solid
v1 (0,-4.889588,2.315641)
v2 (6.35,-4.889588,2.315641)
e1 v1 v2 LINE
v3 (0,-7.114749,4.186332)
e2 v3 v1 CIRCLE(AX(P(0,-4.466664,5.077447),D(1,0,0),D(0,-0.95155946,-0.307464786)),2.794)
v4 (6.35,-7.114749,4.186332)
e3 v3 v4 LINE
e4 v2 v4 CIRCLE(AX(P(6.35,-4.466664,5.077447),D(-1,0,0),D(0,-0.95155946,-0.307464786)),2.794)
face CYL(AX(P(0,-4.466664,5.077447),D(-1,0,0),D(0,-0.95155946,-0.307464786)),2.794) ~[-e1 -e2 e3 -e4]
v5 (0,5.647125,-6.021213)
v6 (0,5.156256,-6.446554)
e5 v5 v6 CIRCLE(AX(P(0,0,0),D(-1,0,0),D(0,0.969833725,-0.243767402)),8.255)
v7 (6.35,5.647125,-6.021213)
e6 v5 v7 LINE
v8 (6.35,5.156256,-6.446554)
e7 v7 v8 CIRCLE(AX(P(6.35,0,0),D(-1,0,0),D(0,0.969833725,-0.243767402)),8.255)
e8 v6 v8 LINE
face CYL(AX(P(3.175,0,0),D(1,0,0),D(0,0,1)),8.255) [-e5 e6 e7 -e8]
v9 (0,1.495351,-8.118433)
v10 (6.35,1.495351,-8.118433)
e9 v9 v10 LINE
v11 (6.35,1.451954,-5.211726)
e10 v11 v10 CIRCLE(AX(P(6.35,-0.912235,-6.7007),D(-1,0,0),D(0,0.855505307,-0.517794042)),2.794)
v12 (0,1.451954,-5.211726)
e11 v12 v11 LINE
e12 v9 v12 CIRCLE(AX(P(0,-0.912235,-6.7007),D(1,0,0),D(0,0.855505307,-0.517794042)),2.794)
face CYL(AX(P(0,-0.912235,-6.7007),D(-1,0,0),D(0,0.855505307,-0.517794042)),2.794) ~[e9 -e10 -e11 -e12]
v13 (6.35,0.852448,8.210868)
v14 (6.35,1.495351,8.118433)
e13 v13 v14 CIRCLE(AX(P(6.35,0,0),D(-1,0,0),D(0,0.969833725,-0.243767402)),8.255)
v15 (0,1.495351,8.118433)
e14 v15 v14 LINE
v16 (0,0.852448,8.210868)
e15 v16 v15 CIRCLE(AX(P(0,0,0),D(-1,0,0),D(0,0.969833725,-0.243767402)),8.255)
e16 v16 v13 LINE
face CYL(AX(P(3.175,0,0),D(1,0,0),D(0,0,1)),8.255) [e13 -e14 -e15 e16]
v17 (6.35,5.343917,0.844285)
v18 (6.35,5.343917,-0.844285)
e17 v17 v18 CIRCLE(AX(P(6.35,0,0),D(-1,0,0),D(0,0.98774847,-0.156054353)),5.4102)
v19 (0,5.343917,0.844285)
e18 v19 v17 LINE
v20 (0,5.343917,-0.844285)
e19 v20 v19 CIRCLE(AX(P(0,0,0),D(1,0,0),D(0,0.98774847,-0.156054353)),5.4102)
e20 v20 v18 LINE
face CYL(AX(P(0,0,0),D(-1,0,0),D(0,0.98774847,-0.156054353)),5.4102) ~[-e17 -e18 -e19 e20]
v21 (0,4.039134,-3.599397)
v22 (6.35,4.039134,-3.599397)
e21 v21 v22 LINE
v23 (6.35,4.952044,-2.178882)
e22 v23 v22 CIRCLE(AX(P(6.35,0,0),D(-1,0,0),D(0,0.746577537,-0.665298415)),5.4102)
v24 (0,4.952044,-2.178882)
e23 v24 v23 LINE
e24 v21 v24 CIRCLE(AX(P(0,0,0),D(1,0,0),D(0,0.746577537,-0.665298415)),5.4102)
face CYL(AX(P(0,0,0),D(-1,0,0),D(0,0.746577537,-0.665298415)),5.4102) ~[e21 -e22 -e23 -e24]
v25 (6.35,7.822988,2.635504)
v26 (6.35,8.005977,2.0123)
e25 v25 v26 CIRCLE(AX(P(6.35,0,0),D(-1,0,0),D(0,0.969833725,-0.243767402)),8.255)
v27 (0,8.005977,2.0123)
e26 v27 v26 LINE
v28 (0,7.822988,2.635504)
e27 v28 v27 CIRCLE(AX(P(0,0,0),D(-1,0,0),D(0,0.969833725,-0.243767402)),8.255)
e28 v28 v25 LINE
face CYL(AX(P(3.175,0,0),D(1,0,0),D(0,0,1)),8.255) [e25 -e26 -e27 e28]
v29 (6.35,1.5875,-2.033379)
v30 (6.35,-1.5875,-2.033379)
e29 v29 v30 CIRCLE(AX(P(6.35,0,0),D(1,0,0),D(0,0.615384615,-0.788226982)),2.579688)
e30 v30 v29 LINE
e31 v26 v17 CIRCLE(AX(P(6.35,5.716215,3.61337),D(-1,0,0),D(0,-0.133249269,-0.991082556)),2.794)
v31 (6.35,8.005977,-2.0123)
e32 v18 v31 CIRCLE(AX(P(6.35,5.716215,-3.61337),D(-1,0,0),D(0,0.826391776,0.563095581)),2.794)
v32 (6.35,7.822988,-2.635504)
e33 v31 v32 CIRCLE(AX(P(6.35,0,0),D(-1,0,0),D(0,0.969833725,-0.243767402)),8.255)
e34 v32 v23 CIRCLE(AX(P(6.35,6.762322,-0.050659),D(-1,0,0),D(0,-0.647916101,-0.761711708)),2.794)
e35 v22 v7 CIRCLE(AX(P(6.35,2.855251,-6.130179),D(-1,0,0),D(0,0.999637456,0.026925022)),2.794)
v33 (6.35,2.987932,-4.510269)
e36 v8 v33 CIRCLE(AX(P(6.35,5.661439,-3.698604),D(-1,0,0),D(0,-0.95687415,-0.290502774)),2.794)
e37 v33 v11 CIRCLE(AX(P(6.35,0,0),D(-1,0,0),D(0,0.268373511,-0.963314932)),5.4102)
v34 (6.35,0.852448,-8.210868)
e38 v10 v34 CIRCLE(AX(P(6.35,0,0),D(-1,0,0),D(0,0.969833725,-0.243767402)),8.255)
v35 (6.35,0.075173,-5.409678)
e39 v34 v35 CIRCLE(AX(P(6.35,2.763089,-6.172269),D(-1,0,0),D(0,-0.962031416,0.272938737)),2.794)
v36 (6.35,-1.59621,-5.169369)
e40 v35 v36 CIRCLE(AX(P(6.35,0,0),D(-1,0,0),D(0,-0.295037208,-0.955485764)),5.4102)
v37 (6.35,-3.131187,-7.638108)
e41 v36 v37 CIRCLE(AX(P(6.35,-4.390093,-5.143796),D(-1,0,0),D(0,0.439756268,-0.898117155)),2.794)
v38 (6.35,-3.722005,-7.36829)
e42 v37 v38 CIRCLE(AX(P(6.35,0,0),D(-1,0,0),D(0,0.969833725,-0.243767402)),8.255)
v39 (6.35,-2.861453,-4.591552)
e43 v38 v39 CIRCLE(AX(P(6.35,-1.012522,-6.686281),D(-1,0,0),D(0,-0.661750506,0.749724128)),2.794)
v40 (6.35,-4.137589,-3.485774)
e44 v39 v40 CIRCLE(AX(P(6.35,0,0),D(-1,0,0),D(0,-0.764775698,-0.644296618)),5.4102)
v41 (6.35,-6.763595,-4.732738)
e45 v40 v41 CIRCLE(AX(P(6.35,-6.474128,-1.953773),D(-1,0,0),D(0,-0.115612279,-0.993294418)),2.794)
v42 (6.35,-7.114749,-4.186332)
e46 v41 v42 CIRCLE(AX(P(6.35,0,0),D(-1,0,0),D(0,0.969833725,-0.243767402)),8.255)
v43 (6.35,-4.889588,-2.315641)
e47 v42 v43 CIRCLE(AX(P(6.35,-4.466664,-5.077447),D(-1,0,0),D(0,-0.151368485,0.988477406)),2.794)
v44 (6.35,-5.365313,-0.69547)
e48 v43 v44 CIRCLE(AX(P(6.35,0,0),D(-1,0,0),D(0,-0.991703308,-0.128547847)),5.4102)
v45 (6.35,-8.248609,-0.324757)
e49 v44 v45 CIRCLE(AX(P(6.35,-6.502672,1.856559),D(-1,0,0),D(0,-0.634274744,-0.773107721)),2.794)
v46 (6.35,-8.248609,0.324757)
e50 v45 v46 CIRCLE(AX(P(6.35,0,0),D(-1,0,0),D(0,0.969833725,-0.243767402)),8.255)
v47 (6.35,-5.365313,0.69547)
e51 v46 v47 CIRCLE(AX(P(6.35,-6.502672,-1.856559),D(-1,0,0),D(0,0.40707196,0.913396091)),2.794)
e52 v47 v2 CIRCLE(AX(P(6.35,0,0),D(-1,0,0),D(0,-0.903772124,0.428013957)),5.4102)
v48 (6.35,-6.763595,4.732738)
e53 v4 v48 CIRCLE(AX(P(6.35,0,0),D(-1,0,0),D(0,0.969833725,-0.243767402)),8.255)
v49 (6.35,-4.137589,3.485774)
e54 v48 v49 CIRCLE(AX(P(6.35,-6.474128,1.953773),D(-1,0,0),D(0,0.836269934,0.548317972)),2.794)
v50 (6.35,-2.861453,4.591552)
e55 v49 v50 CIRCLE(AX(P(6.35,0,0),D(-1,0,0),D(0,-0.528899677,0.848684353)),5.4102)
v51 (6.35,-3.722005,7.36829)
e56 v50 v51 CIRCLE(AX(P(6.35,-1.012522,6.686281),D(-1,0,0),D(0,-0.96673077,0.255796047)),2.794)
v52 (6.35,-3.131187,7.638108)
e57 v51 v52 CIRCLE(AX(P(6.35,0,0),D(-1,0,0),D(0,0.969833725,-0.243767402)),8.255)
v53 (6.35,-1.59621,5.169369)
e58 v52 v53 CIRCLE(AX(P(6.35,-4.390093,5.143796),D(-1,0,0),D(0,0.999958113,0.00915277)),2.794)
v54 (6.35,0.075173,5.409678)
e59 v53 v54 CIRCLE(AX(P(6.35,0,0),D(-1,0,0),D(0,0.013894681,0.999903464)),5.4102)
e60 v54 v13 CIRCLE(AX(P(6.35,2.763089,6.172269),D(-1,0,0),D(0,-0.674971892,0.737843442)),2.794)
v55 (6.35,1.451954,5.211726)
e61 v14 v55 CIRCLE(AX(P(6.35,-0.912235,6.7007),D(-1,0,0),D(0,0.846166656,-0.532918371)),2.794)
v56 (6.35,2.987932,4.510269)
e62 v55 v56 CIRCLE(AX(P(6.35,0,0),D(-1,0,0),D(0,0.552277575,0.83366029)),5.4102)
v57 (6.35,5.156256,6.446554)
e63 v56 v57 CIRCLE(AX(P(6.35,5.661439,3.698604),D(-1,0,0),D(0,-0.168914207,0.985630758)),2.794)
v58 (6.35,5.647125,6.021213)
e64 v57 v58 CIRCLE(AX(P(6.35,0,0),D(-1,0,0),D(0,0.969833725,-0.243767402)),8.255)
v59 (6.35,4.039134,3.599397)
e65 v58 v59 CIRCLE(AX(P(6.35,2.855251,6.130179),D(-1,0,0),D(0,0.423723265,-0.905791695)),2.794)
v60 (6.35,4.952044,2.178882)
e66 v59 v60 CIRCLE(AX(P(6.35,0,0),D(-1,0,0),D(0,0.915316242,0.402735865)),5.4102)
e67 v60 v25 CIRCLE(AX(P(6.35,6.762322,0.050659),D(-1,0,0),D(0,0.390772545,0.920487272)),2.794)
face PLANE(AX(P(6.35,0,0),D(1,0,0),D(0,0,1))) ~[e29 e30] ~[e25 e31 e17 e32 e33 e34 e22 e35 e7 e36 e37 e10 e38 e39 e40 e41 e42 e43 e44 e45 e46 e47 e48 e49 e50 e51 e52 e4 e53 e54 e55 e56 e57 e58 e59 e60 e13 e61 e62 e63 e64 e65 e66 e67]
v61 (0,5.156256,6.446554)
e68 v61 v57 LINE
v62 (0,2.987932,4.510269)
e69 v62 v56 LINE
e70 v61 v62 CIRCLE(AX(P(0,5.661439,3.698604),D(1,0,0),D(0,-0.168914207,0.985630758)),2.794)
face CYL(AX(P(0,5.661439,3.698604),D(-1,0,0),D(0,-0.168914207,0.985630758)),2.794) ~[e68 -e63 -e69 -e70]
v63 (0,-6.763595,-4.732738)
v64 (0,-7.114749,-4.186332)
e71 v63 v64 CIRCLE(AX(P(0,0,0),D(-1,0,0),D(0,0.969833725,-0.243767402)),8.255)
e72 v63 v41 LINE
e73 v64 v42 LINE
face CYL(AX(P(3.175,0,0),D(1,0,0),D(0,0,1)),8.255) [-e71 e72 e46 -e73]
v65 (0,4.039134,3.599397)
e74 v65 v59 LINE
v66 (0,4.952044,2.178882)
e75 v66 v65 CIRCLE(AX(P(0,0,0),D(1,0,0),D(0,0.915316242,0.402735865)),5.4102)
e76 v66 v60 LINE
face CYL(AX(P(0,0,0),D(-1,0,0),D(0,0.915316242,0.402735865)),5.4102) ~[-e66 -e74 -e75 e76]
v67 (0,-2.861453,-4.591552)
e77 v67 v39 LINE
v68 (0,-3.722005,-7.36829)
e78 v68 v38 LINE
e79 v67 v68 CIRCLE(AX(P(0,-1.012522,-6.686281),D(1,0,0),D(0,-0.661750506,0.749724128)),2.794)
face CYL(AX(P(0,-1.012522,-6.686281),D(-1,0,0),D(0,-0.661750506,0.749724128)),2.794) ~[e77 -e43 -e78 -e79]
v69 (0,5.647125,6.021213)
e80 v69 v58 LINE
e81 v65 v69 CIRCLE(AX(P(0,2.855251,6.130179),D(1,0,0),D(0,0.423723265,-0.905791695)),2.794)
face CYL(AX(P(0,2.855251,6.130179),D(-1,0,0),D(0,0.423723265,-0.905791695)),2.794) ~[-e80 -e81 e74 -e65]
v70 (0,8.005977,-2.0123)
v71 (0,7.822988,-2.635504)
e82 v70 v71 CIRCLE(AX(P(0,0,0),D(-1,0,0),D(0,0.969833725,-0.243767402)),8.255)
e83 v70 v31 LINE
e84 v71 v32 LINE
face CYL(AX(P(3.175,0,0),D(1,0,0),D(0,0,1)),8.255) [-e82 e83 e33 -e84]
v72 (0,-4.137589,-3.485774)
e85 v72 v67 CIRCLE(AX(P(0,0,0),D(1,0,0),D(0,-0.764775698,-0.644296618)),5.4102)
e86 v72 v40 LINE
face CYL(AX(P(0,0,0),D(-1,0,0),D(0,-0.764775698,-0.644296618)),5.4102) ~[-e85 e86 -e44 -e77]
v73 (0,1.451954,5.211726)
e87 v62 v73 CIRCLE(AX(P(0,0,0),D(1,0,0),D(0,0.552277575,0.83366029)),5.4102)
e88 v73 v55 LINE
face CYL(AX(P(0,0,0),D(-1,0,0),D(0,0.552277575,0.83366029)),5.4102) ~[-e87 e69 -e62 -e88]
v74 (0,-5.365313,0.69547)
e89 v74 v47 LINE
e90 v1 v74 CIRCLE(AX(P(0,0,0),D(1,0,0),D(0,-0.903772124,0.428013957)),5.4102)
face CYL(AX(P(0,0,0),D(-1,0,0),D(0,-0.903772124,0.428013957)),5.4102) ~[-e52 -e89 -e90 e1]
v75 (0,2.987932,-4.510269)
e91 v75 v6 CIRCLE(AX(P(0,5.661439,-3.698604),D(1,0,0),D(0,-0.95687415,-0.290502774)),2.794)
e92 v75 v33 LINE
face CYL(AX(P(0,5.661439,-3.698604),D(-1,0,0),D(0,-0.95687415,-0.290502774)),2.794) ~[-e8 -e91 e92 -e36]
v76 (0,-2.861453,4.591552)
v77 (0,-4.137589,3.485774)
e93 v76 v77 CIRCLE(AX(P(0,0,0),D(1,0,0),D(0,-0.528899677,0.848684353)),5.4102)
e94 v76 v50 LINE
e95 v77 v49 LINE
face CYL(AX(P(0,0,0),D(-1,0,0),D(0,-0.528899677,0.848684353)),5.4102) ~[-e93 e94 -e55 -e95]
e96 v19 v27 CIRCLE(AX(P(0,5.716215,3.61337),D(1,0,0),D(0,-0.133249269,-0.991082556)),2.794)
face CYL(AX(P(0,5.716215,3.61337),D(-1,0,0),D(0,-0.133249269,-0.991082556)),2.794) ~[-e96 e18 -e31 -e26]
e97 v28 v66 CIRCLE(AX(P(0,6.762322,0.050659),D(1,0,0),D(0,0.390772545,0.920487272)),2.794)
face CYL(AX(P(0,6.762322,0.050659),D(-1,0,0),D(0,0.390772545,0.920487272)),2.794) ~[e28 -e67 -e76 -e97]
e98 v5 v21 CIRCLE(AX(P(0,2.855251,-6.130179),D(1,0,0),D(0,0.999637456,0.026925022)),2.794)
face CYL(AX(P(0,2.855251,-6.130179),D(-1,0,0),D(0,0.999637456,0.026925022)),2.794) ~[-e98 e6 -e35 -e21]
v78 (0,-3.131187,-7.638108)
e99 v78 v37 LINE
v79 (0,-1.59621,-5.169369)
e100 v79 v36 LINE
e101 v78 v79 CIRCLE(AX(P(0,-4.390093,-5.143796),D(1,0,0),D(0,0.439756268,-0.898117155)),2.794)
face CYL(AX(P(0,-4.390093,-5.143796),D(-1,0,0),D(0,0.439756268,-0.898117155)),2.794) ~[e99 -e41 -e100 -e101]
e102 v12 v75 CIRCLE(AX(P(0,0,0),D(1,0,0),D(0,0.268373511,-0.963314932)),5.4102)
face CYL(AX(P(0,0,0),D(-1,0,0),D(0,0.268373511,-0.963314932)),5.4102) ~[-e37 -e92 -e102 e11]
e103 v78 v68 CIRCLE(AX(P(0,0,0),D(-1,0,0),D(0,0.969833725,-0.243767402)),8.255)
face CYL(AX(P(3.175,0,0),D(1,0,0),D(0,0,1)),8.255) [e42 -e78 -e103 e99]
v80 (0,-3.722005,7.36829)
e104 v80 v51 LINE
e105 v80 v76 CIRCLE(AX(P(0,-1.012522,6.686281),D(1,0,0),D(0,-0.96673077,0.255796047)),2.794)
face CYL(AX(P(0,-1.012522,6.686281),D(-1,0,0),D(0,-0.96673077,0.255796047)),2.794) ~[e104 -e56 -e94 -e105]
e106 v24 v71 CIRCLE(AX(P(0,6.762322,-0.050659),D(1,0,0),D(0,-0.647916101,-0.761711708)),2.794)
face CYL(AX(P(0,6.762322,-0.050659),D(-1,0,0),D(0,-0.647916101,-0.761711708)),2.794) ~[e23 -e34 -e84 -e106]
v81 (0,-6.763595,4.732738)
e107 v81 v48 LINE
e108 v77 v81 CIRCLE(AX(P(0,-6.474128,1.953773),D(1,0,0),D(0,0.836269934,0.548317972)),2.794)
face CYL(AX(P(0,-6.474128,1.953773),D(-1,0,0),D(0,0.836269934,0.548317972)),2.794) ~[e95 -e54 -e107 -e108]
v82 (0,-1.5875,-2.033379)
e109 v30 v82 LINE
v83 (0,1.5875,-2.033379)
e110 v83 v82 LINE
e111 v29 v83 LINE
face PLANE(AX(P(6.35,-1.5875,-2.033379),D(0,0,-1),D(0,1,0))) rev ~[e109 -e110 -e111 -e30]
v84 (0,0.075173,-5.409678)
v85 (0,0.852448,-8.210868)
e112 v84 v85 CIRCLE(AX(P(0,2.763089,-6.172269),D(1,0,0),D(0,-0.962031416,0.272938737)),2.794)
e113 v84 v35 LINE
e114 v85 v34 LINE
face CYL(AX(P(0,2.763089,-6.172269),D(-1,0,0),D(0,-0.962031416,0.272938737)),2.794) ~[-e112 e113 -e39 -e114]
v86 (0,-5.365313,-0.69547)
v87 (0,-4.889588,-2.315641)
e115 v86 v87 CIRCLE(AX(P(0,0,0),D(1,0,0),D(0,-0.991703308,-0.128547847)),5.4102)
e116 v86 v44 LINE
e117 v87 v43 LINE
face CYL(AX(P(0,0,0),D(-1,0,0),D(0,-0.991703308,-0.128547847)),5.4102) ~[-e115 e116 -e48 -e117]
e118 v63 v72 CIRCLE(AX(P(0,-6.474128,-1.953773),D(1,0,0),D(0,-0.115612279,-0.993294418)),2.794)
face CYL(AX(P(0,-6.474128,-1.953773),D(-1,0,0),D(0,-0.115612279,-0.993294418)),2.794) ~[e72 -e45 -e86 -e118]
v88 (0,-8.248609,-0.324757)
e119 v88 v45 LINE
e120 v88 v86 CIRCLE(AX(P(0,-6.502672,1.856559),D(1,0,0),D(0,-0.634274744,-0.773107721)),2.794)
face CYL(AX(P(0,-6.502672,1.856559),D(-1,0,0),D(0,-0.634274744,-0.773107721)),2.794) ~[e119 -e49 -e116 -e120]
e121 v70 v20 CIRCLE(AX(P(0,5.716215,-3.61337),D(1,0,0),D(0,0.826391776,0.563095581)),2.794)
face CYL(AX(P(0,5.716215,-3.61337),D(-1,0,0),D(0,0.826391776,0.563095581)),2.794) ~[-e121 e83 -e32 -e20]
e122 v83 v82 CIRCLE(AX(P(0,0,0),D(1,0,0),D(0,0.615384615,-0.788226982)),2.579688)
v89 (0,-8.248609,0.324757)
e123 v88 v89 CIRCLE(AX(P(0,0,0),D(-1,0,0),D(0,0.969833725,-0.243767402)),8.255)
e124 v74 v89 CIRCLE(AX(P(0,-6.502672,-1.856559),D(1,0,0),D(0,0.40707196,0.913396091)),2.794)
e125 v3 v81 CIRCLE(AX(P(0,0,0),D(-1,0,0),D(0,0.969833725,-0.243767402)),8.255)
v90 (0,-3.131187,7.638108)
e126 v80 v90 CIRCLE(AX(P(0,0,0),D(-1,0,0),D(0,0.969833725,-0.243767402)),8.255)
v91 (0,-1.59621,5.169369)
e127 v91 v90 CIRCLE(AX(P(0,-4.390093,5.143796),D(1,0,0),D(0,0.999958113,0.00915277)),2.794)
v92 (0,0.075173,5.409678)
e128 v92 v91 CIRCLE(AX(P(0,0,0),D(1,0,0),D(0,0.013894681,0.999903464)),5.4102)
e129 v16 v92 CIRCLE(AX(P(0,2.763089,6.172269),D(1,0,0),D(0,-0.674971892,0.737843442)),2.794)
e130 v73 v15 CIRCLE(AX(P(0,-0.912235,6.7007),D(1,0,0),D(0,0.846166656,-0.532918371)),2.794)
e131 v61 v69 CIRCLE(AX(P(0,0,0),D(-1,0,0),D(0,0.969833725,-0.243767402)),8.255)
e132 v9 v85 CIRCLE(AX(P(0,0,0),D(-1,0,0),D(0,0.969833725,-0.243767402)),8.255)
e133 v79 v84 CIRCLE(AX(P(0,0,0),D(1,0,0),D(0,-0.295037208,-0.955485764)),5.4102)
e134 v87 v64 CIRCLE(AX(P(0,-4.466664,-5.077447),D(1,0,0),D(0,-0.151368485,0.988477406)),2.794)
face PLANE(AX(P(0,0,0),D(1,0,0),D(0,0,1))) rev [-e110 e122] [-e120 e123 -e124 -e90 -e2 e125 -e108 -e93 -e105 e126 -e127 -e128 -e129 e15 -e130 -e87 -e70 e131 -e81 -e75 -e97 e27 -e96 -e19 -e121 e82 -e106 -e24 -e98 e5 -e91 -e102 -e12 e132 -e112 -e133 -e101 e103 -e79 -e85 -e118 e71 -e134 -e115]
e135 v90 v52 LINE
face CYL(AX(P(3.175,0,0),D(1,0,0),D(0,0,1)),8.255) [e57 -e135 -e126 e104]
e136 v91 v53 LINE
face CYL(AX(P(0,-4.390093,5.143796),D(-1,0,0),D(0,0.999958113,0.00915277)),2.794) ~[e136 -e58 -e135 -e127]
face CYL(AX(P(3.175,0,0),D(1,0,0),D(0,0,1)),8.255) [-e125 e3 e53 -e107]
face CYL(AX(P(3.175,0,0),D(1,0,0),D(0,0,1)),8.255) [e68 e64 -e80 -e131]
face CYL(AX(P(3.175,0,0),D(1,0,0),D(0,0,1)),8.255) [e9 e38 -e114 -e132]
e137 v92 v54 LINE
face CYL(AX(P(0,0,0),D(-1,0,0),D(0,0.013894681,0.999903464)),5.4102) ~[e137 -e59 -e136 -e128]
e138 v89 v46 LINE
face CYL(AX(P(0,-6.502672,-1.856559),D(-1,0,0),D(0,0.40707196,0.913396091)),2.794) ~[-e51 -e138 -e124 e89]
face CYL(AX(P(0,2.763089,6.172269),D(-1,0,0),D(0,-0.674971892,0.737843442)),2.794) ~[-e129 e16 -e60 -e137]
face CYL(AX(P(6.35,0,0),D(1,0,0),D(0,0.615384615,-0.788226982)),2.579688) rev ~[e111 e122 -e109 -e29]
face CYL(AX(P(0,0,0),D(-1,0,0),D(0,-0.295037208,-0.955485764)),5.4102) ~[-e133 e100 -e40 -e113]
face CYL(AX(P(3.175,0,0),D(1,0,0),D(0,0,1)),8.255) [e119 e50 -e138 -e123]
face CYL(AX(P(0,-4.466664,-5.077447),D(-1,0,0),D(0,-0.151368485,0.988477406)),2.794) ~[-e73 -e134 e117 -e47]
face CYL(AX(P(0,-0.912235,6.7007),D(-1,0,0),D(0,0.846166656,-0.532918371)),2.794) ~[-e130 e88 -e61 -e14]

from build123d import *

# Parameters (mm, degrees)
BASPROSKE_W        = 6.35
BASPROSKE_H        = 8.255
TOOTHCUT_DEPTH     = 14.289565456
TEETHCUTS_COUNT    = 11
TEETHCUTS_ANGLE    = 327.272727273
BORSKE_R           = 1.5875
BORE_DEPTH         = 50.8000508
SKETCH1_R          = 1.5875
CUT_EXTRUDE1_DEPTH = 14.262197482


with BuildPart() as part:
    # BasProSke → Base-Revolve (revolve)
    with BuildSketch(Plane(origin=(0, 0, 0), x_dir=(1, 0, 0), z_dir=(0, 1, 0)), mode=Mode.PRIVATE) as base_revolve_sk:
        with Locations((3.175, 4.1275)):
            Rectangle(BASPROSKE_W, BASPROSKE_H)
    revolve(base_revolve_sk.sketch.rotate(Axis((-10, 0, 0), (1, 0, 0)), 180), axis=Axis((-10, 0, 0), (1, 0, 0)))

    # TooCutSke → ToothCut (cut, through all)
    with BuildSketch(Plane(origin=(0, 0, 0), x_dir=(0, 0, -1), z_dir=(1, 0, 0))):
        with BuildLine():
            ThreePointArc((0.844285256, 5.34391677), (0, 5.4102), (-0.844285256, 5.34391677))
            ThreePointArc((-0.844285256, 5.34391677), (-1.061642965, 6.854251062), (-2.040080862, 8.025153845))
            ThreePointArc((-2.040080862, 8.025153845), (0, 8.2804), (2.040080862, 8.025153845))
            ThreePointArc((2.040080862, 8.025153845), (1.061642965, 6.854251062), (0.844285256, 5.34391677))
        make_face()
    toothcut = extrude(amount=TOOTHCUT_DEPTH, mode=Mode.SUBTRACT)

    # TeethCuts: ToothCut ×11 about axis
    teethcuts_axis = Axis((-10, 0, 0), (1, 0, 0))
    for i in range(1, TEETHCUTS_COUNT):
        add(toothcut.rotate(teethcuts_axis, i * TEETHCUTS_ANGLE / (TEETHCUTS_COUNT - 1)), mode=Mode.SUBTRACT)

    # BorSke → Bore (cut, symmetric)
    with BuildSketch(Plane(origin=(0, 0, 0), x_dir=(0, 0, -1), z_dir=(1, 0, 0))):
        with Locations(Location((0, 0, 0), (0, 0, 180))):
            Circle(BORSKE_R)
    extrude(amount=BORE_DEPTH, both=True, mode=Mode.SUBTRACT)

    # Sketch1 → Cut-Extrude1 (cut, through all)
    with BuildSketch(Plane(origin=(6.35, 0, 0), x_dir=(0, 0, -1), z_dir=(1, 0, 0))):
        with BuildLine():
            Line((2.033379293, -1.5875), (2.033379293, 1.5875))
            ThreePointArc((2.033379293, 1.5875), (-2.5796875, 0), (2.033379293, -1.5875))
        make_face()
        Circle(SKETCH1_R, mode=Mode.SUBTRACT)
    extrude(amount=-CUT_EXTRUDE1_DEPTH, mode=Mode.SUBTRACT)


solid = part.part
